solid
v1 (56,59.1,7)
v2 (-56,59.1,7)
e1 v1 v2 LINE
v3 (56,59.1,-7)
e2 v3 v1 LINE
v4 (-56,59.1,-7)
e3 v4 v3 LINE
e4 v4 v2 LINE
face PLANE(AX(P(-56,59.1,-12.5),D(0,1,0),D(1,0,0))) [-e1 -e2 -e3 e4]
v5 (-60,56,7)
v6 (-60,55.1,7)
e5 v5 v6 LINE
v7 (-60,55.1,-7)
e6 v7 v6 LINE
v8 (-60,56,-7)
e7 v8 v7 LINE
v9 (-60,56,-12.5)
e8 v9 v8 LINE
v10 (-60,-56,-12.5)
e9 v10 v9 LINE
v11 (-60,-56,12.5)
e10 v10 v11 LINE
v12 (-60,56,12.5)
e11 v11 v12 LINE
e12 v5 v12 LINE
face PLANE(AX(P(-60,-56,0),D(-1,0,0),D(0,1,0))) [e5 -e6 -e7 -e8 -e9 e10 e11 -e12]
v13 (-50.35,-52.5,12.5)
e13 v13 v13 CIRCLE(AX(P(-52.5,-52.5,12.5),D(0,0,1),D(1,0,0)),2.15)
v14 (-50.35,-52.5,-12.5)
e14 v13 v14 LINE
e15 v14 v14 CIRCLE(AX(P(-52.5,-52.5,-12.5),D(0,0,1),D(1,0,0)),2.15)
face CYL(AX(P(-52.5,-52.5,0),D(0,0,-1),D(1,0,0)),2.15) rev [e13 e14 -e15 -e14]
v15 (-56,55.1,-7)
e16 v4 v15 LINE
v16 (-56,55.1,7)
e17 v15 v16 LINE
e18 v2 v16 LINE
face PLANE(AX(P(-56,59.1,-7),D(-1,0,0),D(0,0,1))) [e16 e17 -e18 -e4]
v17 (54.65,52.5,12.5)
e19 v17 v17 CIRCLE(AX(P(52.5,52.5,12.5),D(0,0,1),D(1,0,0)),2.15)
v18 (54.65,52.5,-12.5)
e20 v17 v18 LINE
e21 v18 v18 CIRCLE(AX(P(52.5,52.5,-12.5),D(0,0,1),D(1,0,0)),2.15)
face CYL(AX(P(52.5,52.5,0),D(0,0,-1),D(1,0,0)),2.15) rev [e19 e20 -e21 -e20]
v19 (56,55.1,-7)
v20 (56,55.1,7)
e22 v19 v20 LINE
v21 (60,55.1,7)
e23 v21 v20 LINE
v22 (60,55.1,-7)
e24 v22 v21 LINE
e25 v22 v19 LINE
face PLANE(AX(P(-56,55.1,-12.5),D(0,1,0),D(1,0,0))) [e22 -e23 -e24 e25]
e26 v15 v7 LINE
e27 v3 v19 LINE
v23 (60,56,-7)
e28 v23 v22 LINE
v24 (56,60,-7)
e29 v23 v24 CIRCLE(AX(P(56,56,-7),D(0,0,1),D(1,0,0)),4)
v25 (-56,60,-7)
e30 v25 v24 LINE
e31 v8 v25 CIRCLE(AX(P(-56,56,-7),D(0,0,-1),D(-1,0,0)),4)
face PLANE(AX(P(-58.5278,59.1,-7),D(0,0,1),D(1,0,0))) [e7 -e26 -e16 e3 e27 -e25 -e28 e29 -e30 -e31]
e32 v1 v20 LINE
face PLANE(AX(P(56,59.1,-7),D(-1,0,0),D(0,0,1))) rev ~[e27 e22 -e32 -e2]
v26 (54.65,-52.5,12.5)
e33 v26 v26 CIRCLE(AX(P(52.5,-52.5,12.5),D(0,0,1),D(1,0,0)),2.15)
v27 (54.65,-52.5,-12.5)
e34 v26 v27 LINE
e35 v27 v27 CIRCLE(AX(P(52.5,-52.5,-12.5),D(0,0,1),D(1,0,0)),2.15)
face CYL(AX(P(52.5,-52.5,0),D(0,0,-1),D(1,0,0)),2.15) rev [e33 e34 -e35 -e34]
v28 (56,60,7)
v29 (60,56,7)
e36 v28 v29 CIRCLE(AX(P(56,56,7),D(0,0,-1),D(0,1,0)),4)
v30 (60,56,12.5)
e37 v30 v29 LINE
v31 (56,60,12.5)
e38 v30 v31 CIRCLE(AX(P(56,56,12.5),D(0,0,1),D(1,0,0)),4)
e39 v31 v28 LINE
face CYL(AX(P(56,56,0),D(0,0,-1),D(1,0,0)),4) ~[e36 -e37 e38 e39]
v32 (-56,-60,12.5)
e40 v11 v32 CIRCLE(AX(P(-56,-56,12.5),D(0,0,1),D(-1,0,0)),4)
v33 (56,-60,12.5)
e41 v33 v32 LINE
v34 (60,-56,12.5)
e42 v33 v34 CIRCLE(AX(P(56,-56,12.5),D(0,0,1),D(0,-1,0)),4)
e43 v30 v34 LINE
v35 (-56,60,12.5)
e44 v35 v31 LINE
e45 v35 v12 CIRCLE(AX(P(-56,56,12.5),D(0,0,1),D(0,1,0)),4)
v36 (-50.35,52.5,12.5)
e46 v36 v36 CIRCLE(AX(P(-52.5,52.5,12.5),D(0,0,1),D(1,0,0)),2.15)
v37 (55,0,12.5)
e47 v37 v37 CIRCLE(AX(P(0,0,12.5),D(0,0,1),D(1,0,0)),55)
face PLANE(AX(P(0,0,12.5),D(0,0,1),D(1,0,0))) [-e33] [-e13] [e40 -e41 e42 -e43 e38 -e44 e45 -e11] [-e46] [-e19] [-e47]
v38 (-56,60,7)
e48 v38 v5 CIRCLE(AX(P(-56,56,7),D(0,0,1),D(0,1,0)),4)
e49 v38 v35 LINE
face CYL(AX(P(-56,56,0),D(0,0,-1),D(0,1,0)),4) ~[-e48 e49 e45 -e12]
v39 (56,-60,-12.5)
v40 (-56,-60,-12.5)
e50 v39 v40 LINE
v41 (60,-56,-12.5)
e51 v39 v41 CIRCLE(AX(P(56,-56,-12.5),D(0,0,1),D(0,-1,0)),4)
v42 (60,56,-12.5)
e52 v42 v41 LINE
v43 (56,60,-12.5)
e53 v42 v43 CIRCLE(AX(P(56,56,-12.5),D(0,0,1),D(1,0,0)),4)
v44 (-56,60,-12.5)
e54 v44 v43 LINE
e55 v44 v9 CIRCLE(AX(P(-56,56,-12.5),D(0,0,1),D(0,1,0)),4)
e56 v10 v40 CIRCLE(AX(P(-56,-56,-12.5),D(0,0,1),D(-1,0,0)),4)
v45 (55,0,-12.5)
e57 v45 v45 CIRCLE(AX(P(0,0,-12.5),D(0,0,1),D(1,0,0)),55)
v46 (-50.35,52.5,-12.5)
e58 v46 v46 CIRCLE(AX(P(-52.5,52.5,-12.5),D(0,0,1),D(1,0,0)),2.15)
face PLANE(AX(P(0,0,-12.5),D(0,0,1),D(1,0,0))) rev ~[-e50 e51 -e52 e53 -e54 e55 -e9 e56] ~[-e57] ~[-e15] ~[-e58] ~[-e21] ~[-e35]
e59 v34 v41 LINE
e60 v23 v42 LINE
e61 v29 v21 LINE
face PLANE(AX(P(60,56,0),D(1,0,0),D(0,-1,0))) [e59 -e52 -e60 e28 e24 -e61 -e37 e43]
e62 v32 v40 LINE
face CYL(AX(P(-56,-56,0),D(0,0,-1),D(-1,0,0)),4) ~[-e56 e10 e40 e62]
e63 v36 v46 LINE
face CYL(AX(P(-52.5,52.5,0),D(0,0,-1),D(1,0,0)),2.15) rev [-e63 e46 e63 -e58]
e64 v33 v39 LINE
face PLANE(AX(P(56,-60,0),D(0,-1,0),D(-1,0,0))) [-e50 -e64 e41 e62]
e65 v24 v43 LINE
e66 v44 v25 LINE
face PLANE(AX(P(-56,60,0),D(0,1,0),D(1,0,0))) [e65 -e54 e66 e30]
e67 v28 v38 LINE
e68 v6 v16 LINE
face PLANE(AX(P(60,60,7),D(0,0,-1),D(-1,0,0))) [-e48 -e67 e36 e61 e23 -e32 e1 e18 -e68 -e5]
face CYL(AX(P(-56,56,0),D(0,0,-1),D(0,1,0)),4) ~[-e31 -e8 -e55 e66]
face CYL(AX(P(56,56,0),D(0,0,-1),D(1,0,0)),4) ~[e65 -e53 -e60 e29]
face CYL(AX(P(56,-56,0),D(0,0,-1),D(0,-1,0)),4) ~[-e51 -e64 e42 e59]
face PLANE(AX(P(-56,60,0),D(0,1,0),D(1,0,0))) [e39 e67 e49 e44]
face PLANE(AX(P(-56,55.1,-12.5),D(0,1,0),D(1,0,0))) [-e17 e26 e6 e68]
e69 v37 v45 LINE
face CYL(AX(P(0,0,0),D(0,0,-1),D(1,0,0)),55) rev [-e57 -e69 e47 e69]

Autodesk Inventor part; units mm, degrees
ref_plane "YZ Plane" through (0, 0, 0) normal (1, 0, 0) x (0, 1, 0)
ref_plane "XZ Plane" through (0, 0, 0) normal (0, 1, 0) x (-1, 0, 0)
ref_plane "XY Plane" through (0, 0, 0) normal (0, 0, 1) x (1, 0, 0)
sketch "Sketch1" plane through (0, 0, 0) normal (0, 0, 1) x (1, 0, 0)
  line L0 (-56, 60) -> (56, 60)
  line L1 (60, 56) -> (60, -56)
  line L2 (56, -60) -> (-56, -60)
  line L3 (-60, -56) -> (-60, 56)
  line L4 (-60, 60) -> (60, -60) construction
  line L5 (60, 60) -> (-60, -60) construction
  circle A0 centre (0, 0) radius 55
  line L6 (-52.5, 52.5) -> (52.5, 52.5) construction
  line L7 (52.5, 52.5) -> (52.5, -52.5) construction
  line L8 (52.5, -52.5) -> (-52.5, -52.5) construction
  line L9 (-52.5, -52.5) -> (-52.5, 52.5) construction
  line L10 (-52.5, 52.5) -> (52.5, -52.5) construction
  line L11 (52.5, 52.5) -> (-52.5, -52.5) construction
  circle A1 centre (-52.5, 52.5) radius 2.15
  circle A2 centre (-52.5, -52.5) radius 2.15
  circle A3 centre (52.5, -52.5) radius 2.15
  circle A4 centre (52.5, 52.5) radius 2.15
  arc A5 (-56, 60) -> (-60, 56) centre (-56, 56) ccw
  arc A6 (-60, -56) -> (-56, -60) centre (-56, -56) ccw
  arc A7 (56, -60) -> (60, -56) centre (56, -56) ccw
  arc A8 (60, 56) -> (56, 60) centre (56, 56) ccw
  dimension "d0" = 120
  dimension "d1" = 120
  dimension "d2" = 110
  dimension "d3" = 105
  dimension "d4" = 4.3
  dimension "d5" = 4.3
  dimension "d6" = 4.3
  dimension "d7" = 4.3
  dimension "d8" = 4
extrude "Extrusion1" add sketch "Sketch1" along normal mid plane 25
sketch "Sketch3" plane through (-56, 60, -12.5) normal (0, 1, 0) x (1, 0, 0)
  line L0 (-4, -5.5) -> (116, -5.5)
  line L1 (116, -5.5) -> (116, -19.5)
  line L2 (116, -19.5) -> (-4, -19.5)
  line L3 (-4, -19.5) -> (-4, -5.5)
  line L4 (-4, -5.5) -> (116, -19.5) construction
  line L5 (116, -5.5) -> (-4, -19.5) construction
  line L6 (-4, 0) -> (-4, -25) projected
  line L7 (116, 0) -> (116, -25) projected
  point P0 (56, -12.5)
  point P1 (-4, -12.5)
  dimension "d15" = 14
extrude "Extrusion3" cut sketch "Sketch3" against normal blind 0.9
sketch "Sketch4" plane through (-56, 59.1, -12.5) normal (0, 1, 0) x (1, 0, 0)
  line L0 (114.5278, -5.5) -> (114.5278, -19.5) projected
  line L1 (-2.5278, -5.5) -> (114.5278, -5.5) projected
  line L2 (-2.5278, -19.5) -> (-2.5278, -5.5) projected
  line L3 (114.5278, -19.5) -> (-2.5278, -19.5) projected
  line L4 (116, 0) -> (116, -25) projected
  line L5 (-4, 0) -> (-4, -25) projected
  line L6 (116, 0) -> (116, -25) projected
  line L7 (114.5278, -19.5) -> (-2.5278, -19.5) projected
  line L8 (116, -5.5) -> (112, -5.5)
  line L9 (112, -5.5) -> (112, -19.5)
  line L10 (112, -19.5) -> (116, -19.5)
  line L11 (116, -19.5) -> (116, -5.5)
  line L12 (-4, -5.5) -> (0, -5.5)
  line L13 (0, -5.5) -> (0, -19.5)
  line L14 (0, -19.5) -> (-4, -19.5)
  line L15 (-4, -19.5) -> (-4, -5.5)
  point P0 (56, -12.5)
  point P1 (116, -19.5)
  point P2 (116, -5.5)
  point P3 (-4, -19.5)
  point P4 (-2.5278, -19.5)
  dimension "d18" = 4
  dimension "d19" = 4
extrude "Extrusion4" cut sketch "Sketch4" against normal blind 4 contours L8 L4 L10 L0 | L0 L3 L9 L1 | L13 L3 L2 L1 | L2 L14 L5 L12
equation "\"d0\" = Size"
equation "\"d1\" = Size"
equation "\"d2\" = DuctDiammeter"
equation "\"d3\" = DistanceBetweenHoles"
equation "\"d8\" = CornerRadius"
equation "\"d9\" = Depth"
equation "\"Size\" = 120"
equation "\"DistanceBetweenHoles\" = 105"
equation "\"DuctDiammeter\" = 110"
equation "\"CornerRadius\" = 4"
equation "\"Depth\" = 25"
properties material "ABS Plastic"
